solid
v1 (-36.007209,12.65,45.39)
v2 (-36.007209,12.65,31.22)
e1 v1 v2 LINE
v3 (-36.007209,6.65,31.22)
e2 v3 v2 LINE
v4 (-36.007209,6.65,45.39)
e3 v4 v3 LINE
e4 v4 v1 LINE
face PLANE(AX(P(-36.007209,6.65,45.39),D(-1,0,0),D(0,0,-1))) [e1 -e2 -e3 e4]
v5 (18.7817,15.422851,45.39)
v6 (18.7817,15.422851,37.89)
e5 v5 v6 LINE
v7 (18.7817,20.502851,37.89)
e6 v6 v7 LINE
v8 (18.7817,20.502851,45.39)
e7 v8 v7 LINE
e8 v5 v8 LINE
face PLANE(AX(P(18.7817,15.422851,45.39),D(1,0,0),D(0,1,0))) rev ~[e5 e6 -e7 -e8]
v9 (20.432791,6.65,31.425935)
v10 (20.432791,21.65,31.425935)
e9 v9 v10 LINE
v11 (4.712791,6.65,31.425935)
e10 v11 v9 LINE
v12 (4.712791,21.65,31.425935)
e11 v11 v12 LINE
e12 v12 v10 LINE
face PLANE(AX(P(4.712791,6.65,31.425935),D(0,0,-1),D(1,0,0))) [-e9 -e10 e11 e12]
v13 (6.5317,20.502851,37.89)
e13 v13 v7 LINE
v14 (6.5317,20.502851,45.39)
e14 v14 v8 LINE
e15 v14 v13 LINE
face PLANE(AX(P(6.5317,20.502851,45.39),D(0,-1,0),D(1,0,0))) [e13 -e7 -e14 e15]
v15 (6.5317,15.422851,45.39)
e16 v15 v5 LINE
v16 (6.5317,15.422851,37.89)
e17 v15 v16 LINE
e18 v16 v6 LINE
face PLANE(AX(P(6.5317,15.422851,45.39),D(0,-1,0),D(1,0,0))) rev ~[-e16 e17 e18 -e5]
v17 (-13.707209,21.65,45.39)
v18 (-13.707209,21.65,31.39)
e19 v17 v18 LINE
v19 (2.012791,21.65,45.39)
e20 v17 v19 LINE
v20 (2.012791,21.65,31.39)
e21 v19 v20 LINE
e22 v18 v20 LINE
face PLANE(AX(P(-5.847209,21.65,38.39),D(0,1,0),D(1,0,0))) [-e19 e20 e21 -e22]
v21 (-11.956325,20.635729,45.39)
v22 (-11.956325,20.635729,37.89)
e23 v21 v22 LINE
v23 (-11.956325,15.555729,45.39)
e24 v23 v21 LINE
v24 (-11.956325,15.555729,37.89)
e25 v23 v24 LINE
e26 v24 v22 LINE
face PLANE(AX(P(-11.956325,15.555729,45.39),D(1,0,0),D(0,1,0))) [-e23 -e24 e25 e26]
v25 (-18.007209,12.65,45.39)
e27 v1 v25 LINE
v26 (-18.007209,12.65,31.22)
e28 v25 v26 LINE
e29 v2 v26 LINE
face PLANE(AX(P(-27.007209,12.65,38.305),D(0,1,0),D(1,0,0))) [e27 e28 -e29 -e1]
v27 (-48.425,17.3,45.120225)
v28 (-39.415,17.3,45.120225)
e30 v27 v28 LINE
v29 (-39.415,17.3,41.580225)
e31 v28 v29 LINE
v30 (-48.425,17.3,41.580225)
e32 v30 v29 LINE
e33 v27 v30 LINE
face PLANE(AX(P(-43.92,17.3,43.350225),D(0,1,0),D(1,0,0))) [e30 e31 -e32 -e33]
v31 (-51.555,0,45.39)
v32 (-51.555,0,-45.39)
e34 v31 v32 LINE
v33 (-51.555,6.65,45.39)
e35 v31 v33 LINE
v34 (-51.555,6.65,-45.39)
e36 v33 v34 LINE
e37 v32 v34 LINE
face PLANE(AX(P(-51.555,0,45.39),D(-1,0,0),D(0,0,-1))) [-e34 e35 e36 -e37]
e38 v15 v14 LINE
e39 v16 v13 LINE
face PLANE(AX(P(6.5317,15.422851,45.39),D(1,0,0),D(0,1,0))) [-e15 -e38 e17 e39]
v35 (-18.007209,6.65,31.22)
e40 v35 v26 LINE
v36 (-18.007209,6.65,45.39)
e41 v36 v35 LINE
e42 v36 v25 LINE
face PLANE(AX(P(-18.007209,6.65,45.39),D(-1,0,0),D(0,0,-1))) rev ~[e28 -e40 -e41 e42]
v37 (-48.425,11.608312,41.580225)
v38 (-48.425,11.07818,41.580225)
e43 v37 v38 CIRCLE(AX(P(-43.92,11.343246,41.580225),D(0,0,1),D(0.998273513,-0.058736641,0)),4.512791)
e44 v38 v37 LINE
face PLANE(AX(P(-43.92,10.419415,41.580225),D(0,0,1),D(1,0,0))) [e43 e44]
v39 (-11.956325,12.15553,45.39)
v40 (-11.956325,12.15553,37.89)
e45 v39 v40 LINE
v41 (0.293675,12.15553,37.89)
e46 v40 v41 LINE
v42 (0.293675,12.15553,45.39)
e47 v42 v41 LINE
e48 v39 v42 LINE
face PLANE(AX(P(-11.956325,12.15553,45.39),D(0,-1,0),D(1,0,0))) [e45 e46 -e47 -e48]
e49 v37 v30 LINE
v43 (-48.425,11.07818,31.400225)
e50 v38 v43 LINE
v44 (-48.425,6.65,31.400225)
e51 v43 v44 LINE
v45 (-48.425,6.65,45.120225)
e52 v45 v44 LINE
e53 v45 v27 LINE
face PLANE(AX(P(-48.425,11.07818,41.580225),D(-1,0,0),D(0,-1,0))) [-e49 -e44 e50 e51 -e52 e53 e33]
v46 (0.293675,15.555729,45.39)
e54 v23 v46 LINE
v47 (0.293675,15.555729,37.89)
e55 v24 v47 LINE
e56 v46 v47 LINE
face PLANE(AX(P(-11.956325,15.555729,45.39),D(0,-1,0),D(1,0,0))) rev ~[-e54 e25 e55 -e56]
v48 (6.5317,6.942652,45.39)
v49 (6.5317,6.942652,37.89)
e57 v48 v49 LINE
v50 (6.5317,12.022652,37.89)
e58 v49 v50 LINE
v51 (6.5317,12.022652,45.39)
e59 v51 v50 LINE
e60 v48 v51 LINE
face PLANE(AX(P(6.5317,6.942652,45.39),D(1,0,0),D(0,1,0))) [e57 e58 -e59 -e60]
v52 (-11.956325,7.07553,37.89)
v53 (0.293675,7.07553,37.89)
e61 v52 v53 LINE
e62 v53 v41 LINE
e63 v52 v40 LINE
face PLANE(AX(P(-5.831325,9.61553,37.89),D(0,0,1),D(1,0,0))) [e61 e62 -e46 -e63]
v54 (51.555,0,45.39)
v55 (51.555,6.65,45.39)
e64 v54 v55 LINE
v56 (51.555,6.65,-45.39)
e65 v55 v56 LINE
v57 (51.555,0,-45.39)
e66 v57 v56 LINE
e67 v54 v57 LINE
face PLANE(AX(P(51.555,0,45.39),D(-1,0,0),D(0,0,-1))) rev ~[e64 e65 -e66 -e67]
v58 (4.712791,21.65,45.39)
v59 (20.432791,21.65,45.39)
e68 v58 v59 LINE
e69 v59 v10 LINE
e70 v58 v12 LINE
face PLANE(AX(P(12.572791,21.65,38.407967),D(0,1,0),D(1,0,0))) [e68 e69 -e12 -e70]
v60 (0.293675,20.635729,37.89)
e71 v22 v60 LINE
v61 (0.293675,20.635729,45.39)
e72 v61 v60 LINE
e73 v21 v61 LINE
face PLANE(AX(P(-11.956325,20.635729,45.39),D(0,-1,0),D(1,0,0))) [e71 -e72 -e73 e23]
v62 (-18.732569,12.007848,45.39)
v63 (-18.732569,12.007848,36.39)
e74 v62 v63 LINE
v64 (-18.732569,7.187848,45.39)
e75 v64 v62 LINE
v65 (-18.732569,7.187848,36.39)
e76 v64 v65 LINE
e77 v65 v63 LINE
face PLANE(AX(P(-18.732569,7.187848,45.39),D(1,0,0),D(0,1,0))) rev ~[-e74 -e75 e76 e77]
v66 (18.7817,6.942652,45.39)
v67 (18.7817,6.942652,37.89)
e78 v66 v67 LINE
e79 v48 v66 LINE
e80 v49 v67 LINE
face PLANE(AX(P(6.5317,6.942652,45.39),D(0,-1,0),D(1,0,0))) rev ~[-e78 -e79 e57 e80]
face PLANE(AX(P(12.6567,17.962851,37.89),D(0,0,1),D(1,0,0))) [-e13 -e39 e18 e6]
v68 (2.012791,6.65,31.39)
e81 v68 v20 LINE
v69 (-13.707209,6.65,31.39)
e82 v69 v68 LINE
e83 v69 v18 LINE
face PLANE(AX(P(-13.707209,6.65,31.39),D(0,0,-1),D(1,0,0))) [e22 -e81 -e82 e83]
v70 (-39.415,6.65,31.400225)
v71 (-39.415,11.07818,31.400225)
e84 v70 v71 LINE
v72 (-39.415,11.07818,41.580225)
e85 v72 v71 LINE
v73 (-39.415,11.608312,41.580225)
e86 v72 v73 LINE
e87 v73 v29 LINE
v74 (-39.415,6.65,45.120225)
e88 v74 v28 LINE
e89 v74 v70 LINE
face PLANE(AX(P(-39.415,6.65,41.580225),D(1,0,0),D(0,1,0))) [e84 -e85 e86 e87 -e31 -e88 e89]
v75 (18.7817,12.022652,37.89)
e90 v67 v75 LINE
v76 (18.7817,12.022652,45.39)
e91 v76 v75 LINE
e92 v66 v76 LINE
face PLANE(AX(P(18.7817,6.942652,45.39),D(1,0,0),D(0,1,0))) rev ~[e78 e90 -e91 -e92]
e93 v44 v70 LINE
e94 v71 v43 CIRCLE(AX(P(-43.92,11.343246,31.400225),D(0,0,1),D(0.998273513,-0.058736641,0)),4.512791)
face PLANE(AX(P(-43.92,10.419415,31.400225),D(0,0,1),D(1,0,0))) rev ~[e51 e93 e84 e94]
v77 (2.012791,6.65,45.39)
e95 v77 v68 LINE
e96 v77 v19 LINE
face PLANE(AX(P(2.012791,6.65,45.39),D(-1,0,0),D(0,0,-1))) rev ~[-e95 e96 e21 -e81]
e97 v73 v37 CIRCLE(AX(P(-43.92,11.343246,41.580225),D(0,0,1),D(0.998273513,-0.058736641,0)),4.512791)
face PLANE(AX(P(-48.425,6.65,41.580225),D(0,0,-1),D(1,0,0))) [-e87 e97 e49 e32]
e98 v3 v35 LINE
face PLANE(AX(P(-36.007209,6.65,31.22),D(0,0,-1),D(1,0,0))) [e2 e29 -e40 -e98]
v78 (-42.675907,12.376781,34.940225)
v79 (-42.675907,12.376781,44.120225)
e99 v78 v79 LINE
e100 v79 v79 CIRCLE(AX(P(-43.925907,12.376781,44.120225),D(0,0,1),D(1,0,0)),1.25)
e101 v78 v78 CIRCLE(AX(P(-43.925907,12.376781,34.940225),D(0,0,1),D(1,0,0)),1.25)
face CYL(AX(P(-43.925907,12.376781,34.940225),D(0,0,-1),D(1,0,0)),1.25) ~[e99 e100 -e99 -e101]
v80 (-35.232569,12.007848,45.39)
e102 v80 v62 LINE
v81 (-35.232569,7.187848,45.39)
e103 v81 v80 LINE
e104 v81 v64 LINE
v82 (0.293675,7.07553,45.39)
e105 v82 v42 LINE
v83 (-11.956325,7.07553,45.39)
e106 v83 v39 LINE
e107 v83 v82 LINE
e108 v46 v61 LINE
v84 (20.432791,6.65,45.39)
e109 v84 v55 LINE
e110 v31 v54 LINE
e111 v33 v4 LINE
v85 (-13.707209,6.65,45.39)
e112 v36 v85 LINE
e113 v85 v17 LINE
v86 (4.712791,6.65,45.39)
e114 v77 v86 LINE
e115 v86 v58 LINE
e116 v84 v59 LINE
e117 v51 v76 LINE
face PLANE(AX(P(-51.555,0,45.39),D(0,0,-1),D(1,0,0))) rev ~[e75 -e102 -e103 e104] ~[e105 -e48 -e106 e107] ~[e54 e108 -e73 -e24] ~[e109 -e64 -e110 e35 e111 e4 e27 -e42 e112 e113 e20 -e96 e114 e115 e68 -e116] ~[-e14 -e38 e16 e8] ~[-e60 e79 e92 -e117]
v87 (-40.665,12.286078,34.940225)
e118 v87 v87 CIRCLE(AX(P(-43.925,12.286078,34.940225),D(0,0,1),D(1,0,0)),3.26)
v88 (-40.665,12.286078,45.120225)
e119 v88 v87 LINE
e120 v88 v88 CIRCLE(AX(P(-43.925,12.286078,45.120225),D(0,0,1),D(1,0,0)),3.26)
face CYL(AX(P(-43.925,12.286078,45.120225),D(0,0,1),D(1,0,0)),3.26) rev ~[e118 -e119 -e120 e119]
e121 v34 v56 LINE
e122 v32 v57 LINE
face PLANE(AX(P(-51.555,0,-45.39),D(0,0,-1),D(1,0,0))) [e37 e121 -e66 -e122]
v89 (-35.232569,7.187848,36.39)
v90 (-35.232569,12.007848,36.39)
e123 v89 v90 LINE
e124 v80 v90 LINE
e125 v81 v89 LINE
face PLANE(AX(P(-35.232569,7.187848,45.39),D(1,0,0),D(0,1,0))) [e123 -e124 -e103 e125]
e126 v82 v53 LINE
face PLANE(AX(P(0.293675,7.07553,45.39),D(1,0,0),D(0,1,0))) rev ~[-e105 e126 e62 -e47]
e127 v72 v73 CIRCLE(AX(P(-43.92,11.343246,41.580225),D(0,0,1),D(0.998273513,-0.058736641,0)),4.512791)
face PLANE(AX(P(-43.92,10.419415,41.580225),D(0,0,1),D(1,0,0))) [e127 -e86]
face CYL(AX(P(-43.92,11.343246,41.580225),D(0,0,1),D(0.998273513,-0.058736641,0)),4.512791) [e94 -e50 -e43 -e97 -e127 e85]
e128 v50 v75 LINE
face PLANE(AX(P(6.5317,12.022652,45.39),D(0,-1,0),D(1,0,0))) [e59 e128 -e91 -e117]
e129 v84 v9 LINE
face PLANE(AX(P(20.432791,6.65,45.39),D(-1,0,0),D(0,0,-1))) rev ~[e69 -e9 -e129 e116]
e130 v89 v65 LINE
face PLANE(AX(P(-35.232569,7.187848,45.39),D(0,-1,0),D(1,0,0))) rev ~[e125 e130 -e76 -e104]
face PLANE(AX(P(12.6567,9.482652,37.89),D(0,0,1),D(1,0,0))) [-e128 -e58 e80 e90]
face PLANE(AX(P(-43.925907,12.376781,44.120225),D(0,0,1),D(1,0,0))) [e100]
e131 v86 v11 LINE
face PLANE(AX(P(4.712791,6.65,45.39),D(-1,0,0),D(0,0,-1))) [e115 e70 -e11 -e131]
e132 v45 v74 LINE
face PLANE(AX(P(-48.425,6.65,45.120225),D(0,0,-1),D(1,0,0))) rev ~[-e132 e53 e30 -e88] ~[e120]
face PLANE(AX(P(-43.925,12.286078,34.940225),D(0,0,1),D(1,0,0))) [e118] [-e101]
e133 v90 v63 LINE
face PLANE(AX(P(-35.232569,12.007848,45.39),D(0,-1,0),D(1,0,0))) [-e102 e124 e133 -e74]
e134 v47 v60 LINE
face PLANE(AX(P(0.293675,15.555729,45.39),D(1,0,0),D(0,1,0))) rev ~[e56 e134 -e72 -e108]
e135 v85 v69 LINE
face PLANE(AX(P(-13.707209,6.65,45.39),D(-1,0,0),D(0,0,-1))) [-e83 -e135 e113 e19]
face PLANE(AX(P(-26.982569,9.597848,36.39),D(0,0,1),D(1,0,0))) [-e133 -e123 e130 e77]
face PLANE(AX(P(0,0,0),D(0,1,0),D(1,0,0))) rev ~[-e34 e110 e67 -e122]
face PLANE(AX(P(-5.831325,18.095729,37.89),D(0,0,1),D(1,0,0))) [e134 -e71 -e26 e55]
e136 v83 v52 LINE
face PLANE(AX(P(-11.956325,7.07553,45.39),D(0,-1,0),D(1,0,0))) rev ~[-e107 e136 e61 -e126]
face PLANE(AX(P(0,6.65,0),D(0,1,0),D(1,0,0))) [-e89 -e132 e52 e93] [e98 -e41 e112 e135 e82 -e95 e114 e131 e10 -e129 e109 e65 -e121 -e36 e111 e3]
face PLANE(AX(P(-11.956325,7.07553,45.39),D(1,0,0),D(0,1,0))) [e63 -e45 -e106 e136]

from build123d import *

# Parameters (mm, degrees)
SKETCH1_W           = 103.11
SKETCH1_H           = 90.78
BOSS_EXTRUDE1_DEPTH = 6.65
SKETCH2_W           = 9.01
SKETCH2_H           = 3.54
BOSS_EXTRUDE2_DEPTH = 10.65
BOSS_EXTRUDE3_DEPTH = 10.18
SKETCH4_R           = 3.26
CUT_EXTRUDE1_DEPTH  = 10.18
SKETCH6_R           = 1.25
BOSS_EXTRUDE4_DEPTH = 9.18
SKETCH7_W           = 18
SKETCH7_H           = 14.17
BOSS_EXTRUDE5_DEPTH = 6
SKETCH8_W           = 16.5
SKETCH8_H           = 4.82
CUT_EXTRUDE2_DEPTH  = 9
SKETCH9_W           = 15.72
SKETCH9_H           = 14
BOSS_EXTRUDE6_DEPTH = 15
SKETCH10_W          = 12.25
SKETCH10_H          = 5.08
CUT_EXTRUDE3_DEPTH  = 7.5
SKETCH12_W          = 15.72
SKETCH12_H          = 13.964065117
BOSS_EXTRUDE7_DEPTH = 15
SKETCH13_W          = 12.25
SKETCH13_H          = 5.08
CUT_EXTRUDE4_DEPTH  = 7.5


with BuildPart() as part:
    # Sketch1 → Boss-Extrude1 (new body)
    with BuildSketch(Plane(origin=(0, 0, 0), x_dir=(1, 0, 0), z_dir=(0, 1, 0))):
        Rectangle(SKETCH1_W, SKETCH1_H)
    extrude(amount=BOSS_EXTRUDE1_DEPTH)

    # Sketch2 → Boss-Extrude2 (add)
    with BuildSketch(Plane(origin=(0, 6.65, 0), x_dir=(1, 0, 0), z_dir=(0, 1, 0))):
        with Locations((-43.92, -43.350225169)):
            Rectangle(SKETCH2_W, SKETCH2_H)
    extrude(amount=BOSS_EXTRUDE2_DEPTH)

    # Sketch3 → Boss-Extrude3 (add)
    with BuildSketch(Plane(origin=(0, 0, 41.580225169), x_dir=(-1, 0, 0), z_dir=(0, 0, -1))):
        with BuildLine():
            Line((39.415, 6.65), (39.415, 11.078180036))
            ThreePointArc((39.415, 11.078180036), (43.92, 15.856037514), (48.425, 11.078180036))
            Line((48.425, 11.078180036), (48.425, 6.65))
            Line((48.425, 6.65), (39.415, 6.65))
        make_face()
    extrude(amount=BOSS_EXTRUDE3_DEPTH)

    # Sketch4 → Cut-Extrude1 (cut)
    with BuildSketch(Plane.XY.offset(45.120225169)):
        with Locations((-43.925, 12.286078197)):
            Circle(SKETCH4_R)
    extrude(amount=-CUT_EXTRUDE1_DEPTH, mode=Mode.SUBTRACT)

    # Sketch6 → Boss-Extrude4 (add)
    with BuildSketch(Plane.XY.offset(34.940225169)):
        with Locations((-43.925906585, 12.376780876)):
            Circle(SKETCH6_R)
    extrude(amount=BOSS_EXTRUDE4_DEPTH)

    # Sketch7 → Boss-Extrude5 (add)
    with BuildSketch(Plane(origin=(0, 6.65, 0), x_dir=(1, 0, 0), z_dir=(0, 1, 0))):
        with Locations((-27.007208725, -38.305)):
            Rectangle(SKETCH7_W, SKETCH7_H)
    extrude(amount=BOSS_EXTRUDE5_DEPTH)

    # Sketch8 → Cut-Extrude2 (cut)
    with BuildSketch(Plane.XY.offset(45.39)):
        with Locations((-26.982569048, 9.597847623)):
            Rectangle(SKETCH8_W, SKETCH8_H)
    extrude(amount=-CUT_EXTRUDE2_DEPTH, mode=Mode.SUBTRACT)

    # Sketch9 → Boss-Extrude6 (add)
    with BuildSketch(Plane(origin=(0, 6.65, 0), x_dir=(1, 0, 0), z_dir=(0, 1, 0))):
        with Locations((-5.847208725, -38.39)):
            Rectangle(SKETCH9_W, SKETCH9_H)
    extrude(amount=BOSS_EXTRUDE6_DEPTH)

    # Sketch10 → Cut-Extrude3 (cut)
    with BuildSketch(Plane.XY.offset(45.39)):
        with Locations((-5.831324622, 18.0957287)):
            Rectangle(SKETCH10_W, SKETCH10_H)
        with Locations((-5.831324622, 9.615530297)):
            Rectangle(SKETCH10_W, SKETCH10_H)
    extrude(amount=-CUT_EXTRUDE3_DEPTH, mode=Mode.SUBTRACT)

    # Sketch12 → Boss-Extrude7 (add)
    with BuildSketch(Plane(origin=(0, 6.65, 0), x_dir=(1, 0, 0), z_dir=(0, 1, 0))):
        with Locations((12.572791275, -38.407967442)):
            Rectangle(SKETCH12_W, SKETCH12_H)
    extrude(amount=BOSS_EXTRUDE7_DEPTH)

    # Sketch13 → Cut-Extrude4 (cut)
    with BuildSketch(Plane.XY.offset(45.39)):
        with Locations((12.656700486, 17.962850519)):
            Rectangle(SKETCH13_W, SKETCH13_H)
        with Locations((12.656700486, 9.482652117)):
            Rectangle(SKETCH13_W, SKETCH13_H)
    extrude(amount=-CUT_EXTRUDE4_DEPTH, mode=Mode.SUBTRACT)


solid = part.part
